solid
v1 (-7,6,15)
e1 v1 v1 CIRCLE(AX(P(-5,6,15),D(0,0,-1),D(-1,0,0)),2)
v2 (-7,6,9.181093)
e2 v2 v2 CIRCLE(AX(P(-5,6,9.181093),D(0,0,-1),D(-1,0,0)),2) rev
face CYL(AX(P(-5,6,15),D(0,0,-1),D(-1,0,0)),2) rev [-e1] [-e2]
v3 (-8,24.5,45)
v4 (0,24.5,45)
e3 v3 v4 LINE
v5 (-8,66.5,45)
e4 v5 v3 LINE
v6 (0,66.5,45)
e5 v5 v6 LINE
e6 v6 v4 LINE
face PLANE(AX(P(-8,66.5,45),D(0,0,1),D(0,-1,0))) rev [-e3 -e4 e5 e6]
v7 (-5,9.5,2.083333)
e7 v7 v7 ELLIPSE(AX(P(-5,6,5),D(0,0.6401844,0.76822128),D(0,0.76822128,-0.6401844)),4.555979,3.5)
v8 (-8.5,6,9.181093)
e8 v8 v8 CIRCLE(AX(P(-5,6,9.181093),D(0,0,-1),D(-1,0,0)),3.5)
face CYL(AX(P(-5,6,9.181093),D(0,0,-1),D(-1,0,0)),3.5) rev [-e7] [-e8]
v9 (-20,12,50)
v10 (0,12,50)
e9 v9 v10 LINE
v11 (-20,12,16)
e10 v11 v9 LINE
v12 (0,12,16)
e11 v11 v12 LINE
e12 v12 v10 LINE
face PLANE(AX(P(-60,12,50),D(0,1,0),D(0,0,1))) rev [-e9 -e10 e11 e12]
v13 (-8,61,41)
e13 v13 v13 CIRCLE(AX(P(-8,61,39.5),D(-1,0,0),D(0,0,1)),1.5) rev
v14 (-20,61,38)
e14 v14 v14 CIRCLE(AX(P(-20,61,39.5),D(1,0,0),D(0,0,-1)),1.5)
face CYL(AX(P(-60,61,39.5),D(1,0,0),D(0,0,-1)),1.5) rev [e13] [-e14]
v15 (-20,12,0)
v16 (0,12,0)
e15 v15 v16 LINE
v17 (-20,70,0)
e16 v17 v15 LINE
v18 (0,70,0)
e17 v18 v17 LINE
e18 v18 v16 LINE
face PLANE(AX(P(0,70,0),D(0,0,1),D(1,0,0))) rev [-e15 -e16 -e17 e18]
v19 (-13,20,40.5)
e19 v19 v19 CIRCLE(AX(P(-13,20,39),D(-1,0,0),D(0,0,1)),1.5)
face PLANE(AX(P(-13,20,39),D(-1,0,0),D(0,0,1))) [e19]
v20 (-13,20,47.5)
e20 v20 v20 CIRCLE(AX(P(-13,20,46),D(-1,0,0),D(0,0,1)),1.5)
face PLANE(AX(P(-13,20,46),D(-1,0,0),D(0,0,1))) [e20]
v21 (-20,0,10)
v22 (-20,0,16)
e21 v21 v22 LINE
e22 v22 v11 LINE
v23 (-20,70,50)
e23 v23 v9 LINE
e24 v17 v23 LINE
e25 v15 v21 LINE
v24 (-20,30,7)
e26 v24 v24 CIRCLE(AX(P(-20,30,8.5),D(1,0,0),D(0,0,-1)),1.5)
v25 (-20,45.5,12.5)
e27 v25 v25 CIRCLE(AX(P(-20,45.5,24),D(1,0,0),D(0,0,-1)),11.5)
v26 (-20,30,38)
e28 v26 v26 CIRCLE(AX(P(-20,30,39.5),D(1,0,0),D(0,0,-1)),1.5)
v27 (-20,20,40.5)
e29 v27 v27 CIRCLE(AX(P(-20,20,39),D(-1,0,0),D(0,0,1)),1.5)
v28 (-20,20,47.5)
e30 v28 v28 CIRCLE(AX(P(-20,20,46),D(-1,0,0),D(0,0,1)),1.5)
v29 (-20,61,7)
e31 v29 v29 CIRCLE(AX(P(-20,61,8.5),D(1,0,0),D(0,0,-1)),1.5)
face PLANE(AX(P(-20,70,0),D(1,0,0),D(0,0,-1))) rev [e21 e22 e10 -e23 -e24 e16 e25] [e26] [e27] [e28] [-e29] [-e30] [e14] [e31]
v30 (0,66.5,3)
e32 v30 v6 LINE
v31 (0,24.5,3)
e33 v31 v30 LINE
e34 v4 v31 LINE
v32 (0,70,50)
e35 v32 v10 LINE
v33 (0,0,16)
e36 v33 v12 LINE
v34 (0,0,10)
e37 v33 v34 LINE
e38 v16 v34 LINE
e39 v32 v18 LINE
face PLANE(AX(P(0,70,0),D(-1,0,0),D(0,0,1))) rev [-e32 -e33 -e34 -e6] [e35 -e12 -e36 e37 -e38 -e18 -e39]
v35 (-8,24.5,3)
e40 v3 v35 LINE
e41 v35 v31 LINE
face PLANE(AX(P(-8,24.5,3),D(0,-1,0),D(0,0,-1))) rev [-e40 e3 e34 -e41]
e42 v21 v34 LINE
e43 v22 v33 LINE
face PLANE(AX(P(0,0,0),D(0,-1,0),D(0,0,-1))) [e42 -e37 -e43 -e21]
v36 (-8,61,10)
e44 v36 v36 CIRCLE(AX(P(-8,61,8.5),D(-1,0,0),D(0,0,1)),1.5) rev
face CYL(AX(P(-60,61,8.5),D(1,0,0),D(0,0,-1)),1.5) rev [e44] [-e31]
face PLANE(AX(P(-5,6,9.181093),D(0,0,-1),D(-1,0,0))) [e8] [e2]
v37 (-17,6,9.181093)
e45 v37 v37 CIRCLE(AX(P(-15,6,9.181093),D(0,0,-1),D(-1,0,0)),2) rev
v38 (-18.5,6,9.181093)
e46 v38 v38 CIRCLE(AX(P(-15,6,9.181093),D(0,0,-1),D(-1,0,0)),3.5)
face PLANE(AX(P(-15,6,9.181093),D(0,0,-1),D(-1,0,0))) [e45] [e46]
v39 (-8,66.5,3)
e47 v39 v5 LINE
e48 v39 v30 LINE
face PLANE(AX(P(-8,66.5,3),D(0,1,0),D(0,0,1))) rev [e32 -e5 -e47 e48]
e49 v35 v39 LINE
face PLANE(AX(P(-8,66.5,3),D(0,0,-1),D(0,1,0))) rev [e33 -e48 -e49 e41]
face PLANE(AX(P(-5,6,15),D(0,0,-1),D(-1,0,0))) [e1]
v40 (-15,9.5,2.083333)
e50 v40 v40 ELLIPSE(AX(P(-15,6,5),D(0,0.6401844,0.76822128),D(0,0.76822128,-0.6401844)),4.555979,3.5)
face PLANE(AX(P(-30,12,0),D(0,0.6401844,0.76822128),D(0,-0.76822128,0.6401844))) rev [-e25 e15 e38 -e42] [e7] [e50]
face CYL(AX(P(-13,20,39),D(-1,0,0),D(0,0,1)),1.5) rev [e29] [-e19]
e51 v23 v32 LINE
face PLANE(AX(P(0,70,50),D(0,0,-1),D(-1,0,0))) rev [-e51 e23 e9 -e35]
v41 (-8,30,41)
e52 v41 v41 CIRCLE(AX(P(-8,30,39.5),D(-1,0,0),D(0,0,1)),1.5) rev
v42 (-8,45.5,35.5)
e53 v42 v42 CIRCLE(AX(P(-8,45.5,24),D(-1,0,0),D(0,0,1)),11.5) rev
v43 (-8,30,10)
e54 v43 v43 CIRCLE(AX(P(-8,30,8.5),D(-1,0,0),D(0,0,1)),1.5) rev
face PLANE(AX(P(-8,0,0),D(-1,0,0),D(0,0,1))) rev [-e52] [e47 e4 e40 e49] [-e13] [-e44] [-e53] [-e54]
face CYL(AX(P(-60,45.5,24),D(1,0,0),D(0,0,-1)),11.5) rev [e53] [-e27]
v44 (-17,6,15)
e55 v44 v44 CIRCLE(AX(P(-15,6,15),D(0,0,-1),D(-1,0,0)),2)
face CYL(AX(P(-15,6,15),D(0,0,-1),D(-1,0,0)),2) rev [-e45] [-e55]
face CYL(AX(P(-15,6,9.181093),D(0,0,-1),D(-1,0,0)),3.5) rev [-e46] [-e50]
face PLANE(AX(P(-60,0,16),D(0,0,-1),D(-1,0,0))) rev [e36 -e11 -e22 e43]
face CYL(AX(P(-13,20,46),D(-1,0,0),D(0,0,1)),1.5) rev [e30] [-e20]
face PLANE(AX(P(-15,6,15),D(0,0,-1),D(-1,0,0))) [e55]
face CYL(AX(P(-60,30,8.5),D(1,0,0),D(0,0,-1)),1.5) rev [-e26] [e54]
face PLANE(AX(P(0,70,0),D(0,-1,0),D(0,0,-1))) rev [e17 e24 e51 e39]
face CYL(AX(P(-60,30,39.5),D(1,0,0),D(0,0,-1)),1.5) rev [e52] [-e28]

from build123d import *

# Parameters (mm, degrees)
SKETCH1_W           = 20
SKETCH1_H           = 50
BOSS_EXTRUDE1_DEPTH = 70
SKETCH2_R           = 1.5
SKETCH2_R_2         = 11.5
CUT_EXTRUDE2_DEPTH  = 60
SKETCH4_W           = 34
SKETCH4_H           = 12
CUT_EXTRUDE3_DEPTH  = 60
SKETCH8_R           = 2
CUT_EXTRUDE5_DEPTH  = 15
SKETCH9_W           = 42
SKETCH9_H           = 42
CUT_EXTRUDE6_DEPTH  = 8
CUT_EXTRUDE8_DEPTH  = 30
SKETCH17_R          = 3.5
CUT_EXTRUDE13_DEPTH = 9.18109305
SKETCH18_R          = 1.5
CUT_EXTRUDE14_DEPTH = 7


with BuildPart() as part:
    # Sketch1 → Boss-Extrude1 (new body)
    with BuildSketch(Plane(origin=(0, 0, 0), x_dir=(1, 0, 0), z_dir=(0, 1, 0))):
        with Locations((-10, -25)):
            Rectangle(SKETCH1_W, SKETCH1_H)
    extrude(amount=BOSS_EXTRUDE1_DEPTH)

    # Sketch2 → Cut-Extrude2 (cut)
    with BuildSketch(Plane(origin=(0, 0, 0), x_dir=(0, 0, -1), z_dir=(1, 0, 0))):
        with Locations((-8.5, 61)):
            Circle(SKETCH2_R)
        with Locations((-24, 45.5)):
            Circle(SKETCH2_R_2)
        with Locations((-8.5, 30)):
            Circle(SKETCH2_R)
        with Locations((-39.5, 30)):
            Circle(SKETCH2_R)
        with Locations((-39.5, 61)):
            Circle(SKETCH2_R)
    extrude(amount=-CUT_EXTRUDE2_DEPTH, mode=Mode.SUBTRACT)

    # Sketch4 → Cut-Extrude3 (cut)
    with BuildSketch(Plane(origin=(0, 0, 0), x_dir=(0, 0, -1), z_dir=(1, 0, 0))):
        with Locations((-33, 6)):
            Rectangle(SKETCH4_W, SKETCH4_H)
    extrude(amount=-CUT_EXTRUDE3_DEPTH, mode=Mode.SUBTRACT)

    # Sketch8 → Cut-Extrude5 (cut)
    with BuildSketch(Plane(origin=(0, 0, 0), x_dir=(-1, 0, 0), z_dir=(0, 0, -1))):
        with Locations((15, 6)):
            Circle(SKETCH8_R)
        with Locations((5, 6)):
            Circle(SKETCH8_R)
    extrude(amount=-CUT_EXTRUDE5_DEPTH, mode=Mode.SUBTRACT)

    # Sketch9 → Cut-Extrude6 (cut)
    with BuildSketch(Plane(origin=(0, 0, 0), x_dir=(0, 0, -1), z_dir=(1, 0, 0))):
        with Locations((-24, 45.5)):
            Rectangle(SKETCH9_W, SKETCH9_H)
    extrude(amount=-CUT_EXTRUDE6_DEPTH, mode=Mode.SUBTRACT)

    # Sketch11 → Cut-Extrude8 (cut)
    with BuildSketch(Plane(origin=(0, 0, 0), x_dir=(0, 0, -1), z_dir=(1, 0, 0))):
        Polygon((-10, 0), (0, 0), (0, 12), align=None)
    extrude(amount=-CUT_EXTRUDE8_DEPTH, mode=Mode.SUBTRACT)

    # Sketch17 → Cut-Extrude13 (cut)
    with BuildSketch(Plane(origin=(0, 0, 0), x_dir=(-1, 0, 0), z_dir=(0, 0, -1))):
        with Locations((15, 6)):
            Circle(SKETCH17_R)
        with Locations((5, 6)):
            Circle(SKETCH17_R)
    extrude(amount=-CUT_EXTRUDE13_DEPTH, mode=Mode.SUBTRACT)

    # Sketch18 → Cut-Extrude14 (cut)
    with BuildSketch(Plane.ZY.offset(20)):
        with Locations((46, 20)):
            Circle(SKETCH18_R)
        with Locations((39, 20)):
            Circle(SKETCH18_R)
    extrude(amount=-CUT_EXTRUDE14_DEPTH, mode=Mode.SUBTRACT)


solid = part.part
